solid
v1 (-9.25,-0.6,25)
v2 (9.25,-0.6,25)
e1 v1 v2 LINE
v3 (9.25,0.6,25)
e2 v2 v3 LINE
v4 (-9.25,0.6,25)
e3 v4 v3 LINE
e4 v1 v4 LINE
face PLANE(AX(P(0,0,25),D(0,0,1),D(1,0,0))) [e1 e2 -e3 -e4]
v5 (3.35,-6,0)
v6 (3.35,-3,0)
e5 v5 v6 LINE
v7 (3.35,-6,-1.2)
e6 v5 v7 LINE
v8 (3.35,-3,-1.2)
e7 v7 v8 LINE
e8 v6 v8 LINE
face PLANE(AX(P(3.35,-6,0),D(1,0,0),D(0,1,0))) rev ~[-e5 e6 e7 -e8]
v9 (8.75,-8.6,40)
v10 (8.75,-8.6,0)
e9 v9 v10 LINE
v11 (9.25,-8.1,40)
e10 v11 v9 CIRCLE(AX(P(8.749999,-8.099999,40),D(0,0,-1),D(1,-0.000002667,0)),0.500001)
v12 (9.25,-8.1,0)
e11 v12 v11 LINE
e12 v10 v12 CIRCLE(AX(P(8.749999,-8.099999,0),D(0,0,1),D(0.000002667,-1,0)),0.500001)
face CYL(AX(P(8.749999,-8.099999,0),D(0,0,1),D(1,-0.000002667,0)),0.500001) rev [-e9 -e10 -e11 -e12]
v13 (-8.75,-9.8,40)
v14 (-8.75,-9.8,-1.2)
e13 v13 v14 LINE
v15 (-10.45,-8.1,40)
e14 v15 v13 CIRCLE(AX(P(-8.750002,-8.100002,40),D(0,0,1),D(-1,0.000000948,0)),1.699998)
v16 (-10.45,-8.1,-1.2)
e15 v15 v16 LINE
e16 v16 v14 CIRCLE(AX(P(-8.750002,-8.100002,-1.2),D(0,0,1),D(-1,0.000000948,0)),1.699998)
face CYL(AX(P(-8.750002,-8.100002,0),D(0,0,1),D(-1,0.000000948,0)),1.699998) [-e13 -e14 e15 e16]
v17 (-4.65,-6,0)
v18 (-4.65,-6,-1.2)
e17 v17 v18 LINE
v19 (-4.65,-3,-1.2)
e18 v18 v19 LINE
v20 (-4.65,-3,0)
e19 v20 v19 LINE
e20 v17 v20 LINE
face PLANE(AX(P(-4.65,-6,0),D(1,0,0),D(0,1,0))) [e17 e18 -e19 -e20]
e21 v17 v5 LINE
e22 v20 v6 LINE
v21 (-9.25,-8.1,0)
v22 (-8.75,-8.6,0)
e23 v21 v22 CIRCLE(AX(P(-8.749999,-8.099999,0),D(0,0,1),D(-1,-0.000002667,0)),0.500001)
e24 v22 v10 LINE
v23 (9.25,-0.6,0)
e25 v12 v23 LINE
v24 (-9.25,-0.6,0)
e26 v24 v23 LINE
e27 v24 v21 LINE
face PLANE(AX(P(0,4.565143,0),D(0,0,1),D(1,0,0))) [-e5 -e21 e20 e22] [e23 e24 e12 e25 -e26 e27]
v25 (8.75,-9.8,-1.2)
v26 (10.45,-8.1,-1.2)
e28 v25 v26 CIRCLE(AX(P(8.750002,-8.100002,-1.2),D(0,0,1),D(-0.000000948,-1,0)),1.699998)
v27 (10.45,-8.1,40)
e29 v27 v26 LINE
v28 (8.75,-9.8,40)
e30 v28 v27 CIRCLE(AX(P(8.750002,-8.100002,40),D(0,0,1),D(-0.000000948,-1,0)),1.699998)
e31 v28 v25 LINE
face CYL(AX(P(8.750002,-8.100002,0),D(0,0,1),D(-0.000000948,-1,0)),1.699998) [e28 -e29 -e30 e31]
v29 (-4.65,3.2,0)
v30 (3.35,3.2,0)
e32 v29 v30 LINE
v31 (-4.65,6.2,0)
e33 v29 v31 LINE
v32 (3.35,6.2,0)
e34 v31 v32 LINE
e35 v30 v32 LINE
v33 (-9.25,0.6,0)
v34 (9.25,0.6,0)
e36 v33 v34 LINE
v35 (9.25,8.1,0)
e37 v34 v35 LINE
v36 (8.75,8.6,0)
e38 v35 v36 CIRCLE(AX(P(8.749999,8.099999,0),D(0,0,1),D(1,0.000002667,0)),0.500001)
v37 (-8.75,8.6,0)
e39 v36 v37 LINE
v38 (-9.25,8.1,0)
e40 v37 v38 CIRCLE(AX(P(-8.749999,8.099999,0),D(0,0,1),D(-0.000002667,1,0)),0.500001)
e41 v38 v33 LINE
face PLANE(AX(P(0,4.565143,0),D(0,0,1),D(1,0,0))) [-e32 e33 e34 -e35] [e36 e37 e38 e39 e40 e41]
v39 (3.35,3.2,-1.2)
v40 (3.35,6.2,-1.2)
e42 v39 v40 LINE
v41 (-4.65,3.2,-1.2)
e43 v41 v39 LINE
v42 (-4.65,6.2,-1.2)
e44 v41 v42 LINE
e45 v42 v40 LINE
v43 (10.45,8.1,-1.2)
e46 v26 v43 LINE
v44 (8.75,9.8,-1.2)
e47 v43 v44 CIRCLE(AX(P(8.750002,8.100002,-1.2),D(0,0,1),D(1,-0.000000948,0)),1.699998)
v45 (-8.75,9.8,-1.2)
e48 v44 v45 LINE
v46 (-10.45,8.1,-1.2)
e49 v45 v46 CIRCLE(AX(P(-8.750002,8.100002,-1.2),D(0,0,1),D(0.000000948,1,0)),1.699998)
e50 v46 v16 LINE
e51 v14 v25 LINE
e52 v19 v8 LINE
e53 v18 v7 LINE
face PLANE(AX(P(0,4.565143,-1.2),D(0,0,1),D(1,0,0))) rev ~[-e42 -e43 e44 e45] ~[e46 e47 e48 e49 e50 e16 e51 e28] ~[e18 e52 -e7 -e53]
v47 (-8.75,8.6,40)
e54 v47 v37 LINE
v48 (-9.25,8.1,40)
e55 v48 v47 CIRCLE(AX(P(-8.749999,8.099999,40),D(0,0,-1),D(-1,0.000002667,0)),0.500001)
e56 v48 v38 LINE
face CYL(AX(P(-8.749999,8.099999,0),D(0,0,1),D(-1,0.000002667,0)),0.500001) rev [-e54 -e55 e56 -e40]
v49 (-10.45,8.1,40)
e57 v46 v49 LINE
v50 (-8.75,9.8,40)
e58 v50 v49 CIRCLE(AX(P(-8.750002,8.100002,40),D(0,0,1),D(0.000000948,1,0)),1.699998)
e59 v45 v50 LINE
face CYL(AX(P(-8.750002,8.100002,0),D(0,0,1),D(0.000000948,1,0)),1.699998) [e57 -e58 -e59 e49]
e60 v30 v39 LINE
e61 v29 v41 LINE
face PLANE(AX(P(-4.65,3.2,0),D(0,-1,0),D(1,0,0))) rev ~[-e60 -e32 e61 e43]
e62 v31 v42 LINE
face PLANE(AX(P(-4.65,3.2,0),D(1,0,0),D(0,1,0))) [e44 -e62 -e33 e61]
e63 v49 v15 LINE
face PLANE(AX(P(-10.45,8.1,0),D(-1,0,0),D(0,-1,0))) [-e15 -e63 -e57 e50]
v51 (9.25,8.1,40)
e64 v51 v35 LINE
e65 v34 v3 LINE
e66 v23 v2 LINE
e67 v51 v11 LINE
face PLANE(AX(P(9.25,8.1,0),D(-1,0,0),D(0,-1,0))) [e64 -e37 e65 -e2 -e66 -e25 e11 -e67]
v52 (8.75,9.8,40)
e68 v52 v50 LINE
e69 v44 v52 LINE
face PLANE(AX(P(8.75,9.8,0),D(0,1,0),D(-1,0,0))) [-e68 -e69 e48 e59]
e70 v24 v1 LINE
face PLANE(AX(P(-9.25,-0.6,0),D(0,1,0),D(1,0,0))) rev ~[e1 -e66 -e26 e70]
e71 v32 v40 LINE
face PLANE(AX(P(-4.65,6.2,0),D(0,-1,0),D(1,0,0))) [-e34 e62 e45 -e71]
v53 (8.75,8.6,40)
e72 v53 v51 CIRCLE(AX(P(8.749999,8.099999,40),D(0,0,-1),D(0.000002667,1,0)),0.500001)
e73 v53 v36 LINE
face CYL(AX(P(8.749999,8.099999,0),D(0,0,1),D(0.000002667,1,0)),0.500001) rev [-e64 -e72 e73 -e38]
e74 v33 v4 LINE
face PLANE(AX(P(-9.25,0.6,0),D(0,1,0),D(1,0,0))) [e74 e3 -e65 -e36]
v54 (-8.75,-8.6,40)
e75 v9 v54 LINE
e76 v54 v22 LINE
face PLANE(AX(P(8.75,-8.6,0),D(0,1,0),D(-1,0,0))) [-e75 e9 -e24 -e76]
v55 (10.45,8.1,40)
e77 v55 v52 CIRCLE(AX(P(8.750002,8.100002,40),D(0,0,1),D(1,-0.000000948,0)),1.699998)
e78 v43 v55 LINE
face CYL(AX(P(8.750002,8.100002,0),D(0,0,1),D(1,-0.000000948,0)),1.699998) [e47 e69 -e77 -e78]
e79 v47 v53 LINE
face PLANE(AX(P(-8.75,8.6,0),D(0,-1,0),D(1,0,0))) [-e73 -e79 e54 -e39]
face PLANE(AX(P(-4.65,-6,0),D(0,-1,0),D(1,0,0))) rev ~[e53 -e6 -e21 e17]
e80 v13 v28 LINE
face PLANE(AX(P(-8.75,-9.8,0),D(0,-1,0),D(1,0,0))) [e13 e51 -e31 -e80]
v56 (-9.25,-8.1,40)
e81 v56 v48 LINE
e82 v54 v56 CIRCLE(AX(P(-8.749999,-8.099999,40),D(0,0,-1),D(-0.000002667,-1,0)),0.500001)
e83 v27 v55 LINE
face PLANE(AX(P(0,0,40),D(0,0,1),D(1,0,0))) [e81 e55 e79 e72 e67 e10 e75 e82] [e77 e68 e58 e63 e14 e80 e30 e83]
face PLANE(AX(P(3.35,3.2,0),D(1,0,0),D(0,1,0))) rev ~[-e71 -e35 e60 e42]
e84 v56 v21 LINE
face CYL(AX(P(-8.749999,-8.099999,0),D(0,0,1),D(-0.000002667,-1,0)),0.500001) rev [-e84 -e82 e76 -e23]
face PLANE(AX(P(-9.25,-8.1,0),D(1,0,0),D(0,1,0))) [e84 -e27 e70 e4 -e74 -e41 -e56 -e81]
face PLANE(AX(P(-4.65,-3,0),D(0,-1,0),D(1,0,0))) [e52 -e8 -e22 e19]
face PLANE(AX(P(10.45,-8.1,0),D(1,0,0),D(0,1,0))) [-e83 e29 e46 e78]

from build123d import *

# Parameters (mm, degrees)
F1_DEPTH      = 40
F1_DEPTH_BACK = 1.2
F0_W          = 8
F0_H          = 3
F0_W_2        = 18.5
F0_H_2        = 1.2
F2_DEPTH      = 1.2
F3_DEPTH      = 25


with BuildPart() as f1:
    # F0 (on Top) → F1 (new body, two sides)
    with BuildSketch(Plane.XY) as f1_sk:
        with BuildLine():
            Line((10.45, -8.1), (10.45, 8.1))
            ThreePointArc((10.45, 8.1), (9.952082, 9.302082), (8.75, 9.8))
            Line((8.75, 9.8), (-8.75, 9.8))
            ThreePointArc((-8.75, 9.8), (-9.952082, 9.302082), (-10.45, 8.1))
            Line((-10.45, 8.1), (-10.45, -8.1))
            ThreePointArc((-10.45, -8.1), (-9.952082, -9.302082), (-8.75, -9.8))
            Line((-8.75, -9.8), (8.75, -9.8))
            ThreePointArc((8.75, -9.8), (9.952082, -9.302082), (10.45, -8.1))
        make_face()
        with BuildLine():
            ThreePointArc((9.25, -8.1), (9.103553, -8.453553), (8.75, -8.6))
            Line((8.75, -8.6), (-8.75, -8.6))
            ThreePointArc((-8.75, -8.6), (-9.103553, -8.453553), (-9.25, -8.1))
            Line((-9.25, -8.1), (-9.25, -0.6))
            Line((-9.25, -0.6), (-9.25, 0.6))
            Line((-9.25, 0.6), (-9.25, 8.1))
            ThreePointArc((-9.25, 8.1), (-9.103553, 8.453553), (-8.75, 8.6))
            Line((-8.75, 8.6), (8.75, 8.6))
            ThreePointArc((8.75, 8.6), (9.103553, 8.453553), (9.25, 8.1))
            Line((9.25, 8.1), (9.25, 0.6))
            Line((9.25, 0.6), (9.25, -0.6))
            Line((9.25, -0.6), (9.25, -8.1))
        make_face(mode=Mode.SUBTRACT)
    extrude(amount=F1_DEPTH)
    extrude(f1_sk.sketch, amount=-F1_DEPTH_BACK)

    # F0 (on Top) → F2 (join)
    with BuildSketch(Plane.XY):
        with BuildLine():
            Line((-9.25, 0.6), (9.25, 0.6))
            Line((9.25, 0.6), (9.25, 8.1))
            ThreePointArc((9.25, 8.1), (9.103553, 8.453553), (8.75, 8.6))
            Line((8.75, 8.6), (-8.75, 8.6))
            ThreePointArc((-8.75, 8.6), (-9.103553, 8.453553), (-9.25, 8.1))
            Line((-9.25, 8.1), (-9.25, 0.6))
        make_face()
        with Locations((-0.65, 4.7)):
            Rectangle(F0_W, F0_H, mode=Mode.SUBTRACT)
        Rectangle(F0_W_2, F0_H_2)
        with BuildLine():
            Line((-8.75, -8.6), (8.75, -8.6))
            ThreePointArc((8.75, -8.6), (9.103553, -8.453553), (9.25, -8.1))
            Line((9.25, -8.1), (9.25, -0.6))
            Line((9.25, -0.6), (-9.25, -0.6))
            Line((-9.25, -0.6), (-9.25, -8.1))
            ThreePointArc((-9.25, -8.1), (-9.103553, -8.453553), (-8.75, -8.6))
        make_face()
        with Locations((-0.65, -4.5)):
            Rectangle(F0_W, F0_H, mode=Mode.SUBTRACT)
    extrude(amount=-F2_DEPTH)

    # F0 (on Top) → F3 (join)
    with BuildSketch(Plane.XY):
        Rectangle(F0_W_2, F0_H_2)
    extrude(amount=F3_DEPTH)


solid = f1.part
